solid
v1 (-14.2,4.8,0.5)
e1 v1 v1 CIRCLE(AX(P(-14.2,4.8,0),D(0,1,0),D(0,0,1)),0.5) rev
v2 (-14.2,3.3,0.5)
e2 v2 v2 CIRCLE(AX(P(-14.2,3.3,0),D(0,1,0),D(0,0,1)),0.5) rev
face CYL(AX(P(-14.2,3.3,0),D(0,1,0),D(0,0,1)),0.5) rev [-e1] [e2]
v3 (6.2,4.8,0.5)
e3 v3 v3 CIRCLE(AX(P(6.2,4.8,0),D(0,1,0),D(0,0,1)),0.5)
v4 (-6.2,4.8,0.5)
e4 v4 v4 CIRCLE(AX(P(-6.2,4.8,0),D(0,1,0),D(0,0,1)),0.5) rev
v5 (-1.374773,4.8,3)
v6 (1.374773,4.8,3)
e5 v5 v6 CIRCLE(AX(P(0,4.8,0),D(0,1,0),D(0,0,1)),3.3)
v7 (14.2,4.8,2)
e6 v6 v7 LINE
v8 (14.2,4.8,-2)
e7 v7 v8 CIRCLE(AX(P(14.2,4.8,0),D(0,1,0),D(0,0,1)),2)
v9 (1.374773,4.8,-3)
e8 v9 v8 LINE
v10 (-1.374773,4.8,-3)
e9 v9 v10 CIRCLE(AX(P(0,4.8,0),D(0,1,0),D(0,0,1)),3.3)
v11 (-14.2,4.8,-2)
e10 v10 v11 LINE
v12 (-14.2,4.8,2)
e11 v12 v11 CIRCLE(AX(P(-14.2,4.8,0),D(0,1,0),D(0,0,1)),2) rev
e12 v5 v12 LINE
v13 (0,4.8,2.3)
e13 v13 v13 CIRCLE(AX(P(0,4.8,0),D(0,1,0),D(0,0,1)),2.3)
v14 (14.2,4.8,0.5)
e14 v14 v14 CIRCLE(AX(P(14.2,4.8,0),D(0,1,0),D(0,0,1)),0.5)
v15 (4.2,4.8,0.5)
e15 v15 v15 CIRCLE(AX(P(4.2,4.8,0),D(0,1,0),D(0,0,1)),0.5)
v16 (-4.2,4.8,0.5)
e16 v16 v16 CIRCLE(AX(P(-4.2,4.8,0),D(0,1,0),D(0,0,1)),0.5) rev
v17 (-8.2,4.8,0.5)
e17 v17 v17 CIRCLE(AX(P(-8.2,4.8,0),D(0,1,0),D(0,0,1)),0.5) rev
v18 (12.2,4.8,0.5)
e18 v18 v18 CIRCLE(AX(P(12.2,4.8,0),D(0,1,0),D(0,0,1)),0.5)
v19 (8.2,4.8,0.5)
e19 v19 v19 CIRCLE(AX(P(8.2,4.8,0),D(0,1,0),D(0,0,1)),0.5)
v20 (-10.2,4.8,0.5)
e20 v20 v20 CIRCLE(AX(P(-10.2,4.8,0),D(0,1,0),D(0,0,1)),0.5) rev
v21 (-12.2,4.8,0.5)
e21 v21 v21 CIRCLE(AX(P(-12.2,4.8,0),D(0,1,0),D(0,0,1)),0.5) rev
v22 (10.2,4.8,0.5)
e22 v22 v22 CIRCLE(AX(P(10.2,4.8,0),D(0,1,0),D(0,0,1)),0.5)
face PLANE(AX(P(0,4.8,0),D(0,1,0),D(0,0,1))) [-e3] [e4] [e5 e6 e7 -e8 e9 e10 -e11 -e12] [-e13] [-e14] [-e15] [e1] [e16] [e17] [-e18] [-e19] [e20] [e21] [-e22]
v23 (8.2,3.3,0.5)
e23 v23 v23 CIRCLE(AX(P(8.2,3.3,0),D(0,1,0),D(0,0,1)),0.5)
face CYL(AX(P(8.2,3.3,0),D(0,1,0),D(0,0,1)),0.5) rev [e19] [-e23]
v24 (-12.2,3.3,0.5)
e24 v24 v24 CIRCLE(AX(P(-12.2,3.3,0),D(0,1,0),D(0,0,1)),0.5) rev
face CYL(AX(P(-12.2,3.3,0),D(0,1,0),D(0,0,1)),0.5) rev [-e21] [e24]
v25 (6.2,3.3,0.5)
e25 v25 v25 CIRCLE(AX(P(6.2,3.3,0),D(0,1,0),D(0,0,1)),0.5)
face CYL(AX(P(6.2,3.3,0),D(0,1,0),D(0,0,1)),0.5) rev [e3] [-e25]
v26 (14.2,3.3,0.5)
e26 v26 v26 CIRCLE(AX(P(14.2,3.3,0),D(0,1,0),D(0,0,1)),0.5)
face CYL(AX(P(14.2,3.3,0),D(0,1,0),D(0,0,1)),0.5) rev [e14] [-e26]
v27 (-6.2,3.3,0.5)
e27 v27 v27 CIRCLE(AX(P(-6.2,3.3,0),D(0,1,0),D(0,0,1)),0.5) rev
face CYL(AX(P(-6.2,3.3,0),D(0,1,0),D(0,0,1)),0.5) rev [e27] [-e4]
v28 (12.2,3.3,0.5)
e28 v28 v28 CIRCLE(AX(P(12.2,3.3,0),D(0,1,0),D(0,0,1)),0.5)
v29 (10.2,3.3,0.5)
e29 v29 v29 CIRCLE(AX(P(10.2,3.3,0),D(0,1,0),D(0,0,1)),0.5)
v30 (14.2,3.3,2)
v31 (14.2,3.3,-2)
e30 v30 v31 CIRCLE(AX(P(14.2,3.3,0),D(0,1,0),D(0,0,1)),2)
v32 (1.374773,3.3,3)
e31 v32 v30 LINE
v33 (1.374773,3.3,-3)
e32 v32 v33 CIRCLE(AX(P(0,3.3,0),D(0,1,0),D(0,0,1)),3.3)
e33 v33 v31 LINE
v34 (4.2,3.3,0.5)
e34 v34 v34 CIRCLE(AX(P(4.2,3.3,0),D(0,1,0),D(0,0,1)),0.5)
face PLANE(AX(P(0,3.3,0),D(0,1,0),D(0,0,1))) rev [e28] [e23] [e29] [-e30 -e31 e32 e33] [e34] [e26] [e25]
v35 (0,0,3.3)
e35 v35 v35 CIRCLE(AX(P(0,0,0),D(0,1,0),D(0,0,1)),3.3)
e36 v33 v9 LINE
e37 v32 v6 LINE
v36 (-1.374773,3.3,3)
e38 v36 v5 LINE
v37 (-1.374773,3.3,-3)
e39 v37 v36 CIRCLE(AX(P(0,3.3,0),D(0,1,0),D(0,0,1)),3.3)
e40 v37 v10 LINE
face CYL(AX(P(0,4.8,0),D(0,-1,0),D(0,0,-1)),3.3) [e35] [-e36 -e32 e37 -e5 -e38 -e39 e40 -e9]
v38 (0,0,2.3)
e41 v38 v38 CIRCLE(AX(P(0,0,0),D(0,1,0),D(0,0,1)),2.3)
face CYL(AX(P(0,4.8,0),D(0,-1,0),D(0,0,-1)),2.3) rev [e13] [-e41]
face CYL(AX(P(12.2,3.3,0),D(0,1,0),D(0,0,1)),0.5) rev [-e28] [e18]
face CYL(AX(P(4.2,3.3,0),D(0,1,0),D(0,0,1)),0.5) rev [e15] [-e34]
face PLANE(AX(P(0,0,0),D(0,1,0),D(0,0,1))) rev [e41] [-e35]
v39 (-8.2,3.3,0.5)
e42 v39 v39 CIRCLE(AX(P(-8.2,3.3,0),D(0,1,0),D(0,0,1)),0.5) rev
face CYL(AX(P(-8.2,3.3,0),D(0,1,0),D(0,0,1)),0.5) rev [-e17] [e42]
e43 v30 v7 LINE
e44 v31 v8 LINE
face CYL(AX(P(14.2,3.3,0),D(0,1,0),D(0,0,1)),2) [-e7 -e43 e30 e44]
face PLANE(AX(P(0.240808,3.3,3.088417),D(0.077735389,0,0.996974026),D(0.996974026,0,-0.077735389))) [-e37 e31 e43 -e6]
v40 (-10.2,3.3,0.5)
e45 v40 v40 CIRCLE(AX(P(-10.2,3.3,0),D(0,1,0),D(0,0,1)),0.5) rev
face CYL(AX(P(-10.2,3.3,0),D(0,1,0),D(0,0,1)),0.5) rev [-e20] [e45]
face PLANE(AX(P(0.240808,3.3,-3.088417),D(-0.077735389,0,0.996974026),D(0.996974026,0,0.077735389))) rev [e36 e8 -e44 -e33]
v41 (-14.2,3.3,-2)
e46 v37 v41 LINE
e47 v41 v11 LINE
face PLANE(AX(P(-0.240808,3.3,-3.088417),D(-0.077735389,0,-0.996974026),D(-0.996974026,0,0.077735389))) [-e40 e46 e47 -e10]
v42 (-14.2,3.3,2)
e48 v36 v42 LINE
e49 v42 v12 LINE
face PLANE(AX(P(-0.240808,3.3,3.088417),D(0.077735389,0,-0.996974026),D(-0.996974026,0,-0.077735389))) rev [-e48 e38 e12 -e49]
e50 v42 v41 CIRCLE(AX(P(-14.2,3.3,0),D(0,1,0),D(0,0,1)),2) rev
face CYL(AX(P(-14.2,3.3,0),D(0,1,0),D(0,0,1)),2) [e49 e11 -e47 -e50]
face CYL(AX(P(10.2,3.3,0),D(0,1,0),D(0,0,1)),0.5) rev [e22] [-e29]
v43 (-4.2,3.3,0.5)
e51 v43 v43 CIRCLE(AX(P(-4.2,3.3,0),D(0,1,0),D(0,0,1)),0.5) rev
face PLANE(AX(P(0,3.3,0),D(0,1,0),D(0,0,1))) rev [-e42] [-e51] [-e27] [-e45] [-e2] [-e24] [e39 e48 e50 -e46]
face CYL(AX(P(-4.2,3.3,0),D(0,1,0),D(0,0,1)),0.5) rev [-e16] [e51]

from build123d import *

# Parameters (mm, degrees)
ESBO_O2_R                = 3.3
ESBO_O2_R_2              = 2.3
RESSALTO_EXTRUS_O1_DEPTH = 4.8
RESSALTO_EXTRUS_O2_START = -1.5
ESBO_O3_R                = 0.5
RESSALTO_EXTRUS_O2_DEPTH = 1.5


with BuildPart() as part:
    # Esboço2 → Ressalto-extrusão1 (new body)
    with BuildSketch(Plane(origin=(0, 0, 0), x_dir=(1, 0, 0), z_dir=(0, 1, 0))):
        with Locations(Location((0, 0, 0), (0, 0, 270))):
            Circle(ESBO_O2_R)
        with Locations(Location((0, 0, 0), (0, 0, 270))):
            Circle(ESBO_O2_R_2, mode=Mode.SUBTRACT)
    extrude(amount=RESSALTO_EXTRUS_O1_DEPTH)

    # Esboço3 → Ressalto-extrusão2 (add)
    # profile 1 of 2: a face of its own
    with BuildSketch(Plane(origin=(0, 4.8, 0), x_dir=(1, 0, 0), z_dir=(0, 1, 0)).offset(RESSALTO_EXTRUS_O2_START)):
        with BuildLine():
            Line((14.2, 2), (1.374772708, 3))
            ThreePointArc((1.374772708, 3), (2.777296342, 1.782308904), (3.3, 0))
            ThreePointArc((3.3, 0), (2.777296342, -1.782308904), (1.374772708, -3))
            Line((1.374772708, -3), (14.2, -2))
            ThreePointArc((14.2, -2), (16.2, 0), (14.2, 2))
        make_face()
        with Locations(Location((4.2, 0, 0), (0, 0, 270))):
            Circle(ESBO_O3_R, mode=Mode.SUBTRACT)
        with Locations(Location((6.2, 0, 0), (0, 0, 270))):
            Circle(ESBO_O3_R, mode=Mode.SUBTRACT)
        with Locations(Location((8.2, 0, 0), (0, 0, 270))):
            Circle(ESBO_O3_R, mode=Mode.SUBTRACT)
        with Locations(Location((10.2, 0, 0), (0, 0, 270))):
            Circle(ESBO_O3_R, mode=Mode.SUBTRACT)
        with Locations(Location((12.2, 0, 0), (0, 0, 270))):
            Circle(ESBO_O3_R, mode=Mode.SUBTRACT)
        with Locations(Location((14.2, 0, 0), (0, 0, 270))):
            Circle(ESBO_O3_R, mode=Mode.SUBTRACT)
    # profile 2 of 2: a face of its own
    with BuildSketch(Plane(origin=(0, 4.8, 0), x_dir=(1, 0, 0), z_dir=(0, 1, 0)).offset(RESSALTO_EXTRUS_O2_START)):
        with BuildLine():
            ThreePointArc((-1.374772708, -3), (-3.3, 0), (-1.374772708, 3))
            Line((-1.374772708, 3), (-14.2, 2))
            ThreePointArc((-14.2, 2), (-16.2, 0), (-14.2, -2))
            Line((-14.2, -2), (-1.374772708, -3))
        make_face()
        with Locations(Location((-14.2, 0, 0), (0, 0, 270))):
            Circle(ESBO_O3_R, mode=Mode.SUBTRACT)
        with Locations(Location((-12.2, 0, 0), (0, 0, 270))):
            Circle(ESBO_O3_R, mode=Mode.SUBTRACT)
        with Locations(Location((-10.2, 0, 0), (0, 0, 270))):
            Circle(ESBO_O3_R, mode=Mode.SUBTRACT)
        with Locations(Location((-8.2, 0, 0), (0, 0, 270))):
            Circle(ESBO_O3_R, mode=Mode.SUBTRACT)
        with Locations(Location((-6.2, 0, 0), (0, 0, 270))):
            Circle(ESBO_O3_R, mode=Mode.SUBTRACT)
        with Locations(Location((-4.2, 0, 0), (0, 0, 270))):
            Circle(ESBO_O3_R, mode=Mode.SUBTRACT)
    extrude(amount=RESSALTO_EXTRUS_O2_DEPTH)


solid = part.part
